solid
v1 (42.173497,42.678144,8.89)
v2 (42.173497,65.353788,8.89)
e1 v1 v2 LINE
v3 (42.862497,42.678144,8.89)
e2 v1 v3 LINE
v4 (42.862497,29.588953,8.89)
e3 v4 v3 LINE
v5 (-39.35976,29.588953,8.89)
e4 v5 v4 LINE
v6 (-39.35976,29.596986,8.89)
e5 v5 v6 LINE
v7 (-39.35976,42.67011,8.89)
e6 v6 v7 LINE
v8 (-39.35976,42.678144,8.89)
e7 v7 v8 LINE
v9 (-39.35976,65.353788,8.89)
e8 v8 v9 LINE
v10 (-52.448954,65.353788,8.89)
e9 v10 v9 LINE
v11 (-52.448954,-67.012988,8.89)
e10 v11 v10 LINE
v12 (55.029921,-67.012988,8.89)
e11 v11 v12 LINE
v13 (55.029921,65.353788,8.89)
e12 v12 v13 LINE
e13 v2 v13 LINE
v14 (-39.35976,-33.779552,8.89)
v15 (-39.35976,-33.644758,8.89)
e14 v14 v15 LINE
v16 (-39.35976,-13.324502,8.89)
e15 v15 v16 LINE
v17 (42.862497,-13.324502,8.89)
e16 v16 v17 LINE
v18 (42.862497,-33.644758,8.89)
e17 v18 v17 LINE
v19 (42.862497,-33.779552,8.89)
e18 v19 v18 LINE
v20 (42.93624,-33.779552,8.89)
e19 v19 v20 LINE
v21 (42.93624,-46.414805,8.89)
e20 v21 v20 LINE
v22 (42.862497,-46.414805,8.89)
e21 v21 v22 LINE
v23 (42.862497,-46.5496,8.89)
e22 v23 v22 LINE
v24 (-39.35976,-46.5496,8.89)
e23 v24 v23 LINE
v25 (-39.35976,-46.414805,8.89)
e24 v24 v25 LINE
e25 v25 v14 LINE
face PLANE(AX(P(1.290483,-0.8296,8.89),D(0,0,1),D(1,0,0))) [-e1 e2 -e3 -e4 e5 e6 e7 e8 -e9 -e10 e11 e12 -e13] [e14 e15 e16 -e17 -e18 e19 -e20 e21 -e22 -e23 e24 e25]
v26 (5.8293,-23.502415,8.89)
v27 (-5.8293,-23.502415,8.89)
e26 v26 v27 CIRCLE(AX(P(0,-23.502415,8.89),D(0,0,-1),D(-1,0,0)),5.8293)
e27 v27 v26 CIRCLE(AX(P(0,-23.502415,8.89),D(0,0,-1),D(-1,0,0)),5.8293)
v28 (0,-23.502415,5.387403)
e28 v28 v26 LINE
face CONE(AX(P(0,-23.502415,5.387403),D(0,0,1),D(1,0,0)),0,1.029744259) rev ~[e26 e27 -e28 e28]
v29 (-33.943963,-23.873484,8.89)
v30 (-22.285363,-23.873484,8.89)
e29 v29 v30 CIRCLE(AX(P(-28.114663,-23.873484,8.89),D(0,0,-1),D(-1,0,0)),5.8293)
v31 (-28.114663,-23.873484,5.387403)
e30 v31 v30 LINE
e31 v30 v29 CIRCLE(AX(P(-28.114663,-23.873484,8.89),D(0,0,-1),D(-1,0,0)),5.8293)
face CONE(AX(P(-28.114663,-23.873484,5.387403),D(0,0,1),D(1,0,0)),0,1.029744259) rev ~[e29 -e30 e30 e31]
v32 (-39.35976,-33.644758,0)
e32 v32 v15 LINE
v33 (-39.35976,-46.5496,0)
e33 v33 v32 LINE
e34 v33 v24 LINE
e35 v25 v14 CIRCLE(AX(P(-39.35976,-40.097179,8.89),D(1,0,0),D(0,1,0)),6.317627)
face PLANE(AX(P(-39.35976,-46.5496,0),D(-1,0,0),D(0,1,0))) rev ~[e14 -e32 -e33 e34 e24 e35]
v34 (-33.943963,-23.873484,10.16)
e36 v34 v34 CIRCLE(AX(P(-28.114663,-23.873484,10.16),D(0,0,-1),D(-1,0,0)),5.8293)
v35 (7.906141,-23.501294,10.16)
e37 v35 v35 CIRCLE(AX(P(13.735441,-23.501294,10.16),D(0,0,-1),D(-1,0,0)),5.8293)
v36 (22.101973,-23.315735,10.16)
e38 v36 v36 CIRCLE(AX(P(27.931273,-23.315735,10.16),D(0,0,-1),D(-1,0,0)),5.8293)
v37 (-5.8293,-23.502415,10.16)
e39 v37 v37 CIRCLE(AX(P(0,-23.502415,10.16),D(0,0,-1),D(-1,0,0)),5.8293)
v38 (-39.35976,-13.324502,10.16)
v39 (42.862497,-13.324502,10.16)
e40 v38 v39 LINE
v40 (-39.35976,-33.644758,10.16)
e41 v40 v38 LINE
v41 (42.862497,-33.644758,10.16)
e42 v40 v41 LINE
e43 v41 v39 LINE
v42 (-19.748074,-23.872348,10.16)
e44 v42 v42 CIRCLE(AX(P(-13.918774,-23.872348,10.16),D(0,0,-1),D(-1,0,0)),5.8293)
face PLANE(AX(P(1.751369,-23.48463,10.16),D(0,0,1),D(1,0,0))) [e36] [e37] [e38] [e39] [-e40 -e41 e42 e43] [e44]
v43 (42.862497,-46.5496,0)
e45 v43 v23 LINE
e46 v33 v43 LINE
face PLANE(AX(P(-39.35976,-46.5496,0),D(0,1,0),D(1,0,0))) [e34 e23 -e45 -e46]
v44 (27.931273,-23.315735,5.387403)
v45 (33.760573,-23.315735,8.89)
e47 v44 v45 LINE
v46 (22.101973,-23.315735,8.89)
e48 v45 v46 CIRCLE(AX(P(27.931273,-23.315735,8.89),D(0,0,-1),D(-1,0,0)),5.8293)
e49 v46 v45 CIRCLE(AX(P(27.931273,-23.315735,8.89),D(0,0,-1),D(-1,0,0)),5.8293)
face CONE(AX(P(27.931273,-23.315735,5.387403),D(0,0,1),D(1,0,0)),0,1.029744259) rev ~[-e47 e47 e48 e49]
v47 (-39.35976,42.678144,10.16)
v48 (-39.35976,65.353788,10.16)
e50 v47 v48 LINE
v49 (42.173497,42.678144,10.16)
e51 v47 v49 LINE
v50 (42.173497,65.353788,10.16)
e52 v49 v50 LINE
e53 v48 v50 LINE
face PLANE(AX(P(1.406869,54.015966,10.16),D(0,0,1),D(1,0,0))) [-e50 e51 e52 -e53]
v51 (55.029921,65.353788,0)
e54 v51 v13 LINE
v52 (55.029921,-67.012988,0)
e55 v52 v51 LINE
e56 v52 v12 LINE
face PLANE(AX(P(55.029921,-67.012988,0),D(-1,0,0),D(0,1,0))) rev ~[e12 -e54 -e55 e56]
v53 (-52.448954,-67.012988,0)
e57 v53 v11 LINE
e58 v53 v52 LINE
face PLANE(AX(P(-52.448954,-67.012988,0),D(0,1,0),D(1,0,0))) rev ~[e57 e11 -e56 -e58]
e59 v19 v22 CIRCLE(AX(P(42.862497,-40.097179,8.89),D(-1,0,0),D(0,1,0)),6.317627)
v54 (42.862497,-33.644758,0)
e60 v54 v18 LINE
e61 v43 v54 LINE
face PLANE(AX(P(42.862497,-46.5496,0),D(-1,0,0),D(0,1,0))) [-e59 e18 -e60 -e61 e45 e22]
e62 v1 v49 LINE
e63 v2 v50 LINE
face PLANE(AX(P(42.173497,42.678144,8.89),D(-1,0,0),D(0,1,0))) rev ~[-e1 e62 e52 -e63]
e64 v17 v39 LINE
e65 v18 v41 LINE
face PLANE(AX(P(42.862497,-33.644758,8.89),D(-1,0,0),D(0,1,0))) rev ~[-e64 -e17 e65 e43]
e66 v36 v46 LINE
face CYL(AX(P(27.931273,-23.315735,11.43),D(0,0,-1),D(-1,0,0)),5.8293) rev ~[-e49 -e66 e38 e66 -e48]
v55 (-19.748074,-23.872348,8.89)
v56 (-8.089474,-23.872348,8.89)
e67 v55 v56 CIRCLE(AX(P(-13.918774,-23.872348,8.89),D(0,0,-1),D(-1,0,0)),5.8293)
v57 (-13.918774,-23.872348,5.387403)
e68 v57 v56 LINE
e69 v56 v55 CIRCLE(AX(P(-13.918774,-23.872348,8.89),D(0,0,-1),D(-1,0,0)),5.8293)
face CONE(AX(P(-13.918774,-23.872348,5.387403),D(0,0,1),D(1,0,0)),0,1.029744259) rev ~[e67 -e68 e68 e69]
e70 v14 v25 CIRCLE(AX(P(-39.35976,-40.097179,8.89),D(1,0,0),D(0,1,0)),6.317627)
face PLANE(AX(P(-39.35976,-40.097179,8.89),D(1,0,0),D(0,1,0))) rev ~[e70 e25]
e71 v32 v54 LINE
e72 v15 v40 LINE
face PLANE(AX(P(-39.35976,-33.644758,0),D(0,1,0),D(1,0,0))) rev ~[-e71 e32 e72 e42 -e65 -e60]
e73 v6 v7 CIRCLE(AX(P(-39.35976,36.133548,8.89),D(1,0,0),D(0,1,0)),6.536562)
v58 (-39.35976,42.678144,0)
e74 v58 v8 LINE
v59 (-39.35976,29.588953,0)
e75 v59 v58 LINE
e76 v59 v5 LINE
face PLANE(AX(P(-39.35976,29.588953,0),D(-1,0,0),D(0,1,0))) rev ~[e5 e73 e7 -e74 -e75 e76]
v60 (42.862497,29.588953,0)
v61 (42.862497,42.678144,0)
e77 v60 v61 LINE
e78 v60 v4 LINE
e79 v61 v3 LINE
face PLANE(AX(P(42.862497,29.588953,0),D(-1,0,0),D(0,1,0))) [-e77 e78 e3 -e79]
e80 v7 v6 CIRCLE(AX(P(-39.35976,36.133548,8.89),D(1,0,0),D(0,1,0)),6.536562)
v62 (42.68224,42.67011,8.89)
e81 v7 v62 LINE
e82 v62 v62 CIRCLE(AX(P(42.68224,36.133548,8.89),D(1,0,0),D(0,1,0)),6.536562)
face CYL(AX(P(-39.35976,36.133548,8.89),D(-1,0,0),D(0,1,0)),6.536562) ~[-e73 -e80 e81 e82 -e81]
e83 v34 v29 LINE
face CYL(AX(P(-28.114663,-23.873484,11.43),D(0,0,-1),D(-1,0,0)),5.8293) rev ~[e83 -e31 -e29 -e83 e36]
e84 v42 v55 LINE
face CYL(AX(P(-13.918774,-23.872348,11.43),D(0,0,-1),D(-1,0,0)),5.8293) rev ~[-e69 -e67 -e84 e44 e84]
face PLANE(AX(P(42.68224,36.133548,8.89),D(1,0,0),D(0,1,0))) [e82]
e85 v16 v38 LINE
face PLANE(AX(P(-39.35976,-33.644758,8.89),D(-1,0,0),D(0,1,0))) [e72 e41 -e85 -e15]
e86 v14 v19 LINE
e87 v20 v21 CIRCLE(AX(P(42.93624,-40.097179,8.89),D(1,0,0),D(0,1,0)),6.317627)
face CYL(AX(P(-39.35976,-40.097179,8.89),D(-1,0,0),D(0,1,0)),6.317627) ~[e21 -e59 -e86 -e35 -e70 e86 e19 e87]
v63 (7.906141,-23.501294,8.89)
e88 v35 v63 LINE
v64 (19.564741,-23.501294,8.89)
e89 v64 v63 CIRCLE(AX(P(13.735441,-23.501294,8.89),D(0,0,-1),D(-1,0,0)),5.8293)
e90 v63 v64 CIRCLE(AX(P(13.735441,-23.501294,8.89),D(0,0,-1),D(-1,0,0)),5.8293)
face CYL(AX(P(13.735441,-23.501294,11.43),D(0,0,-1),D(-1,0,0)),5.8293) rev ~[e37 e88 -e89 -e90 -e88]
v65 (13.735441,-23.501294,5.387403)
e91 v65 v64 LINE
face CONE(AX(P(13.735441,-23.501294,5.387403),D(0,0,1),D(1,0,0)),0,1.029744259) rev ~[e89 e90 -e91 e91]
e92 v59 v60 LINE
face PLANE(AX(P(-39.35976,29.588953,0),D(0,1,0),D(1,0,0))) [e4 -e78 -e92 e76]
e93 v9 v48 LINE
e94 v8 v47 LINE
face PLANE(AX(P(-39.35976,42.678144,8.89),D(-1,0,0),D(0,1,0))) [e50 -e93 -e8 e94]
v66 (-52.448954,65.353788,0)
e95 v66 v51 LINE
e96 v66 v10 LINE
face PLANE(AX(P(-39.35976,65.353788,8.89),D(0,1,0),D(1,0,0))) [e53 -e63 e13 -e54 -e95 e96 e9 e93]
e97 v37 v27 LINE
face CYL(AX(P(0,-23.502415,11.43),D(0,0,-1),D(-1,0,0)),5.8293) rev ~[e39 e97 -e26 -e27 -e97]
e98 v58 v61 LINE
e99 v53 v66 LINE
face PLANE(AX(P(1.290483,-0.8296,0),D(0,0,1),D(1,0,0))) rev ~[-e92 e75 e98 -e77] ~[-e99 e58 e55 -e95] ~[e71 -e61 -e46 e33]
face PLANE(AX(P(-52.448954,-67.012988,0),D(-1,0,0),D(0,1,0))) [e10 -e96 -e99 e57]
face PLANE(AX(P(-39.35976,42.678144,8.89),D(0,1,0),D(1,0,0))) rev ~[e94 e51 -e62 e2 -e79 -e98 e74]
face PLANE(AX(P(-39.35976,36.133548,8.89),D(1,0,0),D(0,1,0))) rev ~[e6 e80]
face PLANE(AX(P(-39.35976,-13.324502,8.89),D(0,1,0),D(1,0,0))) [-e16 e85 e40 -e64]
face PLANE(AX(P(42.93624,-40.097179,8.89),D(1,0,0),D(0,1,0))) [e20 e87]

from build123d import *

# Parameters (mm, degrees)
F0_W     = 107.4788756669
F0_H     = 132.3667764664
F0_W_2   = 82.2222568095
F0_H_2   = 12.9048414528
F0_H_3   = 13.0891911685
F1_DEPTH = 8.89
F2_R     = 6.5365620237
F3_DEPTH = 82.042
F4_R     = 6.3176265204
F5_DEPTH = 82.296
F6_W     = 81.5332569182
F6_H     = 22.6756446064
F6_W_2   = 82.2222568095
F6_H_2   = 20.3202562407
F7_DEPTH = 1.27
F9_D     = 11.6586
F9_DEPTH = 1.27
F9_TIP   = 3.5025968065


with BuildPart() as f1:
    # F0 (on Top) → F1 (new body)
    with BuildSketch(Plane.XY):
        with Locations((1.2904834002, -0.8295997977)):
            Rectangle(F0_W, F0_H)
        with Locations((1.7513688654, -40.0971788913)):
            Rectangle(F0_W_2, F0_H_2, mode=Mode.SUBTRACT)
        with Locations((1.7513688654, 36.1335482448)):
            Rectangle(F0_W_2, F0_H_3, mode=Mode.SUBTRACT)
    extrude(amount=F1_DEPTH)

    # F2 (on face) → F3 (join)
    with BuildSketch(Plane.YZ.offset(-39.3597595394)):
        with Locations((36.1335482448, 8.89)):
            Circle(F2_R)
    extrude(amount=F3_DEPTH)

    # F4 (on face) → F5 (join)
    with BuildSketch(Plane.YZ.offset(-39.3597595394)):
        with Locations((-40.0971788913, 8.89)):
            Circle(F4_R)
    extrude(amount=F5_DEPTH)

    # F6 (on face) → F7 (join)
    with BuildSketch(Plane.XY.offset(8.89)):
        with Locations((1.4068689197, 54.0159661323)):
            Rectangle(F6_W, F6_H)
        with Locations((1.7513688654, -23.4846300445)):
            Rectangle(F6_W_2, F6_H_2)
    extrude(amount=F7_DEPTH)

    # F9
    with Locations(Plane.XY.offset(10.16)):
        with Locations((-13.9187742025, -23.8723475486), (0, -23.5024150461), (13.735441491, -23.5012937337), (27.9312729836, -23.3157351613), (-28.114663437, -23.8734837621)):
            Hole(F9_D / 2, depth=F9_DEPTH)
            with Locations((0, 0, -(F9_DEPTH + F9_TIP / 2))):  # 118° drill point
                Cone(0, F9_D / 2, F9_TIP, mode=Mode.SUBTRACT)


solid = f1.part
